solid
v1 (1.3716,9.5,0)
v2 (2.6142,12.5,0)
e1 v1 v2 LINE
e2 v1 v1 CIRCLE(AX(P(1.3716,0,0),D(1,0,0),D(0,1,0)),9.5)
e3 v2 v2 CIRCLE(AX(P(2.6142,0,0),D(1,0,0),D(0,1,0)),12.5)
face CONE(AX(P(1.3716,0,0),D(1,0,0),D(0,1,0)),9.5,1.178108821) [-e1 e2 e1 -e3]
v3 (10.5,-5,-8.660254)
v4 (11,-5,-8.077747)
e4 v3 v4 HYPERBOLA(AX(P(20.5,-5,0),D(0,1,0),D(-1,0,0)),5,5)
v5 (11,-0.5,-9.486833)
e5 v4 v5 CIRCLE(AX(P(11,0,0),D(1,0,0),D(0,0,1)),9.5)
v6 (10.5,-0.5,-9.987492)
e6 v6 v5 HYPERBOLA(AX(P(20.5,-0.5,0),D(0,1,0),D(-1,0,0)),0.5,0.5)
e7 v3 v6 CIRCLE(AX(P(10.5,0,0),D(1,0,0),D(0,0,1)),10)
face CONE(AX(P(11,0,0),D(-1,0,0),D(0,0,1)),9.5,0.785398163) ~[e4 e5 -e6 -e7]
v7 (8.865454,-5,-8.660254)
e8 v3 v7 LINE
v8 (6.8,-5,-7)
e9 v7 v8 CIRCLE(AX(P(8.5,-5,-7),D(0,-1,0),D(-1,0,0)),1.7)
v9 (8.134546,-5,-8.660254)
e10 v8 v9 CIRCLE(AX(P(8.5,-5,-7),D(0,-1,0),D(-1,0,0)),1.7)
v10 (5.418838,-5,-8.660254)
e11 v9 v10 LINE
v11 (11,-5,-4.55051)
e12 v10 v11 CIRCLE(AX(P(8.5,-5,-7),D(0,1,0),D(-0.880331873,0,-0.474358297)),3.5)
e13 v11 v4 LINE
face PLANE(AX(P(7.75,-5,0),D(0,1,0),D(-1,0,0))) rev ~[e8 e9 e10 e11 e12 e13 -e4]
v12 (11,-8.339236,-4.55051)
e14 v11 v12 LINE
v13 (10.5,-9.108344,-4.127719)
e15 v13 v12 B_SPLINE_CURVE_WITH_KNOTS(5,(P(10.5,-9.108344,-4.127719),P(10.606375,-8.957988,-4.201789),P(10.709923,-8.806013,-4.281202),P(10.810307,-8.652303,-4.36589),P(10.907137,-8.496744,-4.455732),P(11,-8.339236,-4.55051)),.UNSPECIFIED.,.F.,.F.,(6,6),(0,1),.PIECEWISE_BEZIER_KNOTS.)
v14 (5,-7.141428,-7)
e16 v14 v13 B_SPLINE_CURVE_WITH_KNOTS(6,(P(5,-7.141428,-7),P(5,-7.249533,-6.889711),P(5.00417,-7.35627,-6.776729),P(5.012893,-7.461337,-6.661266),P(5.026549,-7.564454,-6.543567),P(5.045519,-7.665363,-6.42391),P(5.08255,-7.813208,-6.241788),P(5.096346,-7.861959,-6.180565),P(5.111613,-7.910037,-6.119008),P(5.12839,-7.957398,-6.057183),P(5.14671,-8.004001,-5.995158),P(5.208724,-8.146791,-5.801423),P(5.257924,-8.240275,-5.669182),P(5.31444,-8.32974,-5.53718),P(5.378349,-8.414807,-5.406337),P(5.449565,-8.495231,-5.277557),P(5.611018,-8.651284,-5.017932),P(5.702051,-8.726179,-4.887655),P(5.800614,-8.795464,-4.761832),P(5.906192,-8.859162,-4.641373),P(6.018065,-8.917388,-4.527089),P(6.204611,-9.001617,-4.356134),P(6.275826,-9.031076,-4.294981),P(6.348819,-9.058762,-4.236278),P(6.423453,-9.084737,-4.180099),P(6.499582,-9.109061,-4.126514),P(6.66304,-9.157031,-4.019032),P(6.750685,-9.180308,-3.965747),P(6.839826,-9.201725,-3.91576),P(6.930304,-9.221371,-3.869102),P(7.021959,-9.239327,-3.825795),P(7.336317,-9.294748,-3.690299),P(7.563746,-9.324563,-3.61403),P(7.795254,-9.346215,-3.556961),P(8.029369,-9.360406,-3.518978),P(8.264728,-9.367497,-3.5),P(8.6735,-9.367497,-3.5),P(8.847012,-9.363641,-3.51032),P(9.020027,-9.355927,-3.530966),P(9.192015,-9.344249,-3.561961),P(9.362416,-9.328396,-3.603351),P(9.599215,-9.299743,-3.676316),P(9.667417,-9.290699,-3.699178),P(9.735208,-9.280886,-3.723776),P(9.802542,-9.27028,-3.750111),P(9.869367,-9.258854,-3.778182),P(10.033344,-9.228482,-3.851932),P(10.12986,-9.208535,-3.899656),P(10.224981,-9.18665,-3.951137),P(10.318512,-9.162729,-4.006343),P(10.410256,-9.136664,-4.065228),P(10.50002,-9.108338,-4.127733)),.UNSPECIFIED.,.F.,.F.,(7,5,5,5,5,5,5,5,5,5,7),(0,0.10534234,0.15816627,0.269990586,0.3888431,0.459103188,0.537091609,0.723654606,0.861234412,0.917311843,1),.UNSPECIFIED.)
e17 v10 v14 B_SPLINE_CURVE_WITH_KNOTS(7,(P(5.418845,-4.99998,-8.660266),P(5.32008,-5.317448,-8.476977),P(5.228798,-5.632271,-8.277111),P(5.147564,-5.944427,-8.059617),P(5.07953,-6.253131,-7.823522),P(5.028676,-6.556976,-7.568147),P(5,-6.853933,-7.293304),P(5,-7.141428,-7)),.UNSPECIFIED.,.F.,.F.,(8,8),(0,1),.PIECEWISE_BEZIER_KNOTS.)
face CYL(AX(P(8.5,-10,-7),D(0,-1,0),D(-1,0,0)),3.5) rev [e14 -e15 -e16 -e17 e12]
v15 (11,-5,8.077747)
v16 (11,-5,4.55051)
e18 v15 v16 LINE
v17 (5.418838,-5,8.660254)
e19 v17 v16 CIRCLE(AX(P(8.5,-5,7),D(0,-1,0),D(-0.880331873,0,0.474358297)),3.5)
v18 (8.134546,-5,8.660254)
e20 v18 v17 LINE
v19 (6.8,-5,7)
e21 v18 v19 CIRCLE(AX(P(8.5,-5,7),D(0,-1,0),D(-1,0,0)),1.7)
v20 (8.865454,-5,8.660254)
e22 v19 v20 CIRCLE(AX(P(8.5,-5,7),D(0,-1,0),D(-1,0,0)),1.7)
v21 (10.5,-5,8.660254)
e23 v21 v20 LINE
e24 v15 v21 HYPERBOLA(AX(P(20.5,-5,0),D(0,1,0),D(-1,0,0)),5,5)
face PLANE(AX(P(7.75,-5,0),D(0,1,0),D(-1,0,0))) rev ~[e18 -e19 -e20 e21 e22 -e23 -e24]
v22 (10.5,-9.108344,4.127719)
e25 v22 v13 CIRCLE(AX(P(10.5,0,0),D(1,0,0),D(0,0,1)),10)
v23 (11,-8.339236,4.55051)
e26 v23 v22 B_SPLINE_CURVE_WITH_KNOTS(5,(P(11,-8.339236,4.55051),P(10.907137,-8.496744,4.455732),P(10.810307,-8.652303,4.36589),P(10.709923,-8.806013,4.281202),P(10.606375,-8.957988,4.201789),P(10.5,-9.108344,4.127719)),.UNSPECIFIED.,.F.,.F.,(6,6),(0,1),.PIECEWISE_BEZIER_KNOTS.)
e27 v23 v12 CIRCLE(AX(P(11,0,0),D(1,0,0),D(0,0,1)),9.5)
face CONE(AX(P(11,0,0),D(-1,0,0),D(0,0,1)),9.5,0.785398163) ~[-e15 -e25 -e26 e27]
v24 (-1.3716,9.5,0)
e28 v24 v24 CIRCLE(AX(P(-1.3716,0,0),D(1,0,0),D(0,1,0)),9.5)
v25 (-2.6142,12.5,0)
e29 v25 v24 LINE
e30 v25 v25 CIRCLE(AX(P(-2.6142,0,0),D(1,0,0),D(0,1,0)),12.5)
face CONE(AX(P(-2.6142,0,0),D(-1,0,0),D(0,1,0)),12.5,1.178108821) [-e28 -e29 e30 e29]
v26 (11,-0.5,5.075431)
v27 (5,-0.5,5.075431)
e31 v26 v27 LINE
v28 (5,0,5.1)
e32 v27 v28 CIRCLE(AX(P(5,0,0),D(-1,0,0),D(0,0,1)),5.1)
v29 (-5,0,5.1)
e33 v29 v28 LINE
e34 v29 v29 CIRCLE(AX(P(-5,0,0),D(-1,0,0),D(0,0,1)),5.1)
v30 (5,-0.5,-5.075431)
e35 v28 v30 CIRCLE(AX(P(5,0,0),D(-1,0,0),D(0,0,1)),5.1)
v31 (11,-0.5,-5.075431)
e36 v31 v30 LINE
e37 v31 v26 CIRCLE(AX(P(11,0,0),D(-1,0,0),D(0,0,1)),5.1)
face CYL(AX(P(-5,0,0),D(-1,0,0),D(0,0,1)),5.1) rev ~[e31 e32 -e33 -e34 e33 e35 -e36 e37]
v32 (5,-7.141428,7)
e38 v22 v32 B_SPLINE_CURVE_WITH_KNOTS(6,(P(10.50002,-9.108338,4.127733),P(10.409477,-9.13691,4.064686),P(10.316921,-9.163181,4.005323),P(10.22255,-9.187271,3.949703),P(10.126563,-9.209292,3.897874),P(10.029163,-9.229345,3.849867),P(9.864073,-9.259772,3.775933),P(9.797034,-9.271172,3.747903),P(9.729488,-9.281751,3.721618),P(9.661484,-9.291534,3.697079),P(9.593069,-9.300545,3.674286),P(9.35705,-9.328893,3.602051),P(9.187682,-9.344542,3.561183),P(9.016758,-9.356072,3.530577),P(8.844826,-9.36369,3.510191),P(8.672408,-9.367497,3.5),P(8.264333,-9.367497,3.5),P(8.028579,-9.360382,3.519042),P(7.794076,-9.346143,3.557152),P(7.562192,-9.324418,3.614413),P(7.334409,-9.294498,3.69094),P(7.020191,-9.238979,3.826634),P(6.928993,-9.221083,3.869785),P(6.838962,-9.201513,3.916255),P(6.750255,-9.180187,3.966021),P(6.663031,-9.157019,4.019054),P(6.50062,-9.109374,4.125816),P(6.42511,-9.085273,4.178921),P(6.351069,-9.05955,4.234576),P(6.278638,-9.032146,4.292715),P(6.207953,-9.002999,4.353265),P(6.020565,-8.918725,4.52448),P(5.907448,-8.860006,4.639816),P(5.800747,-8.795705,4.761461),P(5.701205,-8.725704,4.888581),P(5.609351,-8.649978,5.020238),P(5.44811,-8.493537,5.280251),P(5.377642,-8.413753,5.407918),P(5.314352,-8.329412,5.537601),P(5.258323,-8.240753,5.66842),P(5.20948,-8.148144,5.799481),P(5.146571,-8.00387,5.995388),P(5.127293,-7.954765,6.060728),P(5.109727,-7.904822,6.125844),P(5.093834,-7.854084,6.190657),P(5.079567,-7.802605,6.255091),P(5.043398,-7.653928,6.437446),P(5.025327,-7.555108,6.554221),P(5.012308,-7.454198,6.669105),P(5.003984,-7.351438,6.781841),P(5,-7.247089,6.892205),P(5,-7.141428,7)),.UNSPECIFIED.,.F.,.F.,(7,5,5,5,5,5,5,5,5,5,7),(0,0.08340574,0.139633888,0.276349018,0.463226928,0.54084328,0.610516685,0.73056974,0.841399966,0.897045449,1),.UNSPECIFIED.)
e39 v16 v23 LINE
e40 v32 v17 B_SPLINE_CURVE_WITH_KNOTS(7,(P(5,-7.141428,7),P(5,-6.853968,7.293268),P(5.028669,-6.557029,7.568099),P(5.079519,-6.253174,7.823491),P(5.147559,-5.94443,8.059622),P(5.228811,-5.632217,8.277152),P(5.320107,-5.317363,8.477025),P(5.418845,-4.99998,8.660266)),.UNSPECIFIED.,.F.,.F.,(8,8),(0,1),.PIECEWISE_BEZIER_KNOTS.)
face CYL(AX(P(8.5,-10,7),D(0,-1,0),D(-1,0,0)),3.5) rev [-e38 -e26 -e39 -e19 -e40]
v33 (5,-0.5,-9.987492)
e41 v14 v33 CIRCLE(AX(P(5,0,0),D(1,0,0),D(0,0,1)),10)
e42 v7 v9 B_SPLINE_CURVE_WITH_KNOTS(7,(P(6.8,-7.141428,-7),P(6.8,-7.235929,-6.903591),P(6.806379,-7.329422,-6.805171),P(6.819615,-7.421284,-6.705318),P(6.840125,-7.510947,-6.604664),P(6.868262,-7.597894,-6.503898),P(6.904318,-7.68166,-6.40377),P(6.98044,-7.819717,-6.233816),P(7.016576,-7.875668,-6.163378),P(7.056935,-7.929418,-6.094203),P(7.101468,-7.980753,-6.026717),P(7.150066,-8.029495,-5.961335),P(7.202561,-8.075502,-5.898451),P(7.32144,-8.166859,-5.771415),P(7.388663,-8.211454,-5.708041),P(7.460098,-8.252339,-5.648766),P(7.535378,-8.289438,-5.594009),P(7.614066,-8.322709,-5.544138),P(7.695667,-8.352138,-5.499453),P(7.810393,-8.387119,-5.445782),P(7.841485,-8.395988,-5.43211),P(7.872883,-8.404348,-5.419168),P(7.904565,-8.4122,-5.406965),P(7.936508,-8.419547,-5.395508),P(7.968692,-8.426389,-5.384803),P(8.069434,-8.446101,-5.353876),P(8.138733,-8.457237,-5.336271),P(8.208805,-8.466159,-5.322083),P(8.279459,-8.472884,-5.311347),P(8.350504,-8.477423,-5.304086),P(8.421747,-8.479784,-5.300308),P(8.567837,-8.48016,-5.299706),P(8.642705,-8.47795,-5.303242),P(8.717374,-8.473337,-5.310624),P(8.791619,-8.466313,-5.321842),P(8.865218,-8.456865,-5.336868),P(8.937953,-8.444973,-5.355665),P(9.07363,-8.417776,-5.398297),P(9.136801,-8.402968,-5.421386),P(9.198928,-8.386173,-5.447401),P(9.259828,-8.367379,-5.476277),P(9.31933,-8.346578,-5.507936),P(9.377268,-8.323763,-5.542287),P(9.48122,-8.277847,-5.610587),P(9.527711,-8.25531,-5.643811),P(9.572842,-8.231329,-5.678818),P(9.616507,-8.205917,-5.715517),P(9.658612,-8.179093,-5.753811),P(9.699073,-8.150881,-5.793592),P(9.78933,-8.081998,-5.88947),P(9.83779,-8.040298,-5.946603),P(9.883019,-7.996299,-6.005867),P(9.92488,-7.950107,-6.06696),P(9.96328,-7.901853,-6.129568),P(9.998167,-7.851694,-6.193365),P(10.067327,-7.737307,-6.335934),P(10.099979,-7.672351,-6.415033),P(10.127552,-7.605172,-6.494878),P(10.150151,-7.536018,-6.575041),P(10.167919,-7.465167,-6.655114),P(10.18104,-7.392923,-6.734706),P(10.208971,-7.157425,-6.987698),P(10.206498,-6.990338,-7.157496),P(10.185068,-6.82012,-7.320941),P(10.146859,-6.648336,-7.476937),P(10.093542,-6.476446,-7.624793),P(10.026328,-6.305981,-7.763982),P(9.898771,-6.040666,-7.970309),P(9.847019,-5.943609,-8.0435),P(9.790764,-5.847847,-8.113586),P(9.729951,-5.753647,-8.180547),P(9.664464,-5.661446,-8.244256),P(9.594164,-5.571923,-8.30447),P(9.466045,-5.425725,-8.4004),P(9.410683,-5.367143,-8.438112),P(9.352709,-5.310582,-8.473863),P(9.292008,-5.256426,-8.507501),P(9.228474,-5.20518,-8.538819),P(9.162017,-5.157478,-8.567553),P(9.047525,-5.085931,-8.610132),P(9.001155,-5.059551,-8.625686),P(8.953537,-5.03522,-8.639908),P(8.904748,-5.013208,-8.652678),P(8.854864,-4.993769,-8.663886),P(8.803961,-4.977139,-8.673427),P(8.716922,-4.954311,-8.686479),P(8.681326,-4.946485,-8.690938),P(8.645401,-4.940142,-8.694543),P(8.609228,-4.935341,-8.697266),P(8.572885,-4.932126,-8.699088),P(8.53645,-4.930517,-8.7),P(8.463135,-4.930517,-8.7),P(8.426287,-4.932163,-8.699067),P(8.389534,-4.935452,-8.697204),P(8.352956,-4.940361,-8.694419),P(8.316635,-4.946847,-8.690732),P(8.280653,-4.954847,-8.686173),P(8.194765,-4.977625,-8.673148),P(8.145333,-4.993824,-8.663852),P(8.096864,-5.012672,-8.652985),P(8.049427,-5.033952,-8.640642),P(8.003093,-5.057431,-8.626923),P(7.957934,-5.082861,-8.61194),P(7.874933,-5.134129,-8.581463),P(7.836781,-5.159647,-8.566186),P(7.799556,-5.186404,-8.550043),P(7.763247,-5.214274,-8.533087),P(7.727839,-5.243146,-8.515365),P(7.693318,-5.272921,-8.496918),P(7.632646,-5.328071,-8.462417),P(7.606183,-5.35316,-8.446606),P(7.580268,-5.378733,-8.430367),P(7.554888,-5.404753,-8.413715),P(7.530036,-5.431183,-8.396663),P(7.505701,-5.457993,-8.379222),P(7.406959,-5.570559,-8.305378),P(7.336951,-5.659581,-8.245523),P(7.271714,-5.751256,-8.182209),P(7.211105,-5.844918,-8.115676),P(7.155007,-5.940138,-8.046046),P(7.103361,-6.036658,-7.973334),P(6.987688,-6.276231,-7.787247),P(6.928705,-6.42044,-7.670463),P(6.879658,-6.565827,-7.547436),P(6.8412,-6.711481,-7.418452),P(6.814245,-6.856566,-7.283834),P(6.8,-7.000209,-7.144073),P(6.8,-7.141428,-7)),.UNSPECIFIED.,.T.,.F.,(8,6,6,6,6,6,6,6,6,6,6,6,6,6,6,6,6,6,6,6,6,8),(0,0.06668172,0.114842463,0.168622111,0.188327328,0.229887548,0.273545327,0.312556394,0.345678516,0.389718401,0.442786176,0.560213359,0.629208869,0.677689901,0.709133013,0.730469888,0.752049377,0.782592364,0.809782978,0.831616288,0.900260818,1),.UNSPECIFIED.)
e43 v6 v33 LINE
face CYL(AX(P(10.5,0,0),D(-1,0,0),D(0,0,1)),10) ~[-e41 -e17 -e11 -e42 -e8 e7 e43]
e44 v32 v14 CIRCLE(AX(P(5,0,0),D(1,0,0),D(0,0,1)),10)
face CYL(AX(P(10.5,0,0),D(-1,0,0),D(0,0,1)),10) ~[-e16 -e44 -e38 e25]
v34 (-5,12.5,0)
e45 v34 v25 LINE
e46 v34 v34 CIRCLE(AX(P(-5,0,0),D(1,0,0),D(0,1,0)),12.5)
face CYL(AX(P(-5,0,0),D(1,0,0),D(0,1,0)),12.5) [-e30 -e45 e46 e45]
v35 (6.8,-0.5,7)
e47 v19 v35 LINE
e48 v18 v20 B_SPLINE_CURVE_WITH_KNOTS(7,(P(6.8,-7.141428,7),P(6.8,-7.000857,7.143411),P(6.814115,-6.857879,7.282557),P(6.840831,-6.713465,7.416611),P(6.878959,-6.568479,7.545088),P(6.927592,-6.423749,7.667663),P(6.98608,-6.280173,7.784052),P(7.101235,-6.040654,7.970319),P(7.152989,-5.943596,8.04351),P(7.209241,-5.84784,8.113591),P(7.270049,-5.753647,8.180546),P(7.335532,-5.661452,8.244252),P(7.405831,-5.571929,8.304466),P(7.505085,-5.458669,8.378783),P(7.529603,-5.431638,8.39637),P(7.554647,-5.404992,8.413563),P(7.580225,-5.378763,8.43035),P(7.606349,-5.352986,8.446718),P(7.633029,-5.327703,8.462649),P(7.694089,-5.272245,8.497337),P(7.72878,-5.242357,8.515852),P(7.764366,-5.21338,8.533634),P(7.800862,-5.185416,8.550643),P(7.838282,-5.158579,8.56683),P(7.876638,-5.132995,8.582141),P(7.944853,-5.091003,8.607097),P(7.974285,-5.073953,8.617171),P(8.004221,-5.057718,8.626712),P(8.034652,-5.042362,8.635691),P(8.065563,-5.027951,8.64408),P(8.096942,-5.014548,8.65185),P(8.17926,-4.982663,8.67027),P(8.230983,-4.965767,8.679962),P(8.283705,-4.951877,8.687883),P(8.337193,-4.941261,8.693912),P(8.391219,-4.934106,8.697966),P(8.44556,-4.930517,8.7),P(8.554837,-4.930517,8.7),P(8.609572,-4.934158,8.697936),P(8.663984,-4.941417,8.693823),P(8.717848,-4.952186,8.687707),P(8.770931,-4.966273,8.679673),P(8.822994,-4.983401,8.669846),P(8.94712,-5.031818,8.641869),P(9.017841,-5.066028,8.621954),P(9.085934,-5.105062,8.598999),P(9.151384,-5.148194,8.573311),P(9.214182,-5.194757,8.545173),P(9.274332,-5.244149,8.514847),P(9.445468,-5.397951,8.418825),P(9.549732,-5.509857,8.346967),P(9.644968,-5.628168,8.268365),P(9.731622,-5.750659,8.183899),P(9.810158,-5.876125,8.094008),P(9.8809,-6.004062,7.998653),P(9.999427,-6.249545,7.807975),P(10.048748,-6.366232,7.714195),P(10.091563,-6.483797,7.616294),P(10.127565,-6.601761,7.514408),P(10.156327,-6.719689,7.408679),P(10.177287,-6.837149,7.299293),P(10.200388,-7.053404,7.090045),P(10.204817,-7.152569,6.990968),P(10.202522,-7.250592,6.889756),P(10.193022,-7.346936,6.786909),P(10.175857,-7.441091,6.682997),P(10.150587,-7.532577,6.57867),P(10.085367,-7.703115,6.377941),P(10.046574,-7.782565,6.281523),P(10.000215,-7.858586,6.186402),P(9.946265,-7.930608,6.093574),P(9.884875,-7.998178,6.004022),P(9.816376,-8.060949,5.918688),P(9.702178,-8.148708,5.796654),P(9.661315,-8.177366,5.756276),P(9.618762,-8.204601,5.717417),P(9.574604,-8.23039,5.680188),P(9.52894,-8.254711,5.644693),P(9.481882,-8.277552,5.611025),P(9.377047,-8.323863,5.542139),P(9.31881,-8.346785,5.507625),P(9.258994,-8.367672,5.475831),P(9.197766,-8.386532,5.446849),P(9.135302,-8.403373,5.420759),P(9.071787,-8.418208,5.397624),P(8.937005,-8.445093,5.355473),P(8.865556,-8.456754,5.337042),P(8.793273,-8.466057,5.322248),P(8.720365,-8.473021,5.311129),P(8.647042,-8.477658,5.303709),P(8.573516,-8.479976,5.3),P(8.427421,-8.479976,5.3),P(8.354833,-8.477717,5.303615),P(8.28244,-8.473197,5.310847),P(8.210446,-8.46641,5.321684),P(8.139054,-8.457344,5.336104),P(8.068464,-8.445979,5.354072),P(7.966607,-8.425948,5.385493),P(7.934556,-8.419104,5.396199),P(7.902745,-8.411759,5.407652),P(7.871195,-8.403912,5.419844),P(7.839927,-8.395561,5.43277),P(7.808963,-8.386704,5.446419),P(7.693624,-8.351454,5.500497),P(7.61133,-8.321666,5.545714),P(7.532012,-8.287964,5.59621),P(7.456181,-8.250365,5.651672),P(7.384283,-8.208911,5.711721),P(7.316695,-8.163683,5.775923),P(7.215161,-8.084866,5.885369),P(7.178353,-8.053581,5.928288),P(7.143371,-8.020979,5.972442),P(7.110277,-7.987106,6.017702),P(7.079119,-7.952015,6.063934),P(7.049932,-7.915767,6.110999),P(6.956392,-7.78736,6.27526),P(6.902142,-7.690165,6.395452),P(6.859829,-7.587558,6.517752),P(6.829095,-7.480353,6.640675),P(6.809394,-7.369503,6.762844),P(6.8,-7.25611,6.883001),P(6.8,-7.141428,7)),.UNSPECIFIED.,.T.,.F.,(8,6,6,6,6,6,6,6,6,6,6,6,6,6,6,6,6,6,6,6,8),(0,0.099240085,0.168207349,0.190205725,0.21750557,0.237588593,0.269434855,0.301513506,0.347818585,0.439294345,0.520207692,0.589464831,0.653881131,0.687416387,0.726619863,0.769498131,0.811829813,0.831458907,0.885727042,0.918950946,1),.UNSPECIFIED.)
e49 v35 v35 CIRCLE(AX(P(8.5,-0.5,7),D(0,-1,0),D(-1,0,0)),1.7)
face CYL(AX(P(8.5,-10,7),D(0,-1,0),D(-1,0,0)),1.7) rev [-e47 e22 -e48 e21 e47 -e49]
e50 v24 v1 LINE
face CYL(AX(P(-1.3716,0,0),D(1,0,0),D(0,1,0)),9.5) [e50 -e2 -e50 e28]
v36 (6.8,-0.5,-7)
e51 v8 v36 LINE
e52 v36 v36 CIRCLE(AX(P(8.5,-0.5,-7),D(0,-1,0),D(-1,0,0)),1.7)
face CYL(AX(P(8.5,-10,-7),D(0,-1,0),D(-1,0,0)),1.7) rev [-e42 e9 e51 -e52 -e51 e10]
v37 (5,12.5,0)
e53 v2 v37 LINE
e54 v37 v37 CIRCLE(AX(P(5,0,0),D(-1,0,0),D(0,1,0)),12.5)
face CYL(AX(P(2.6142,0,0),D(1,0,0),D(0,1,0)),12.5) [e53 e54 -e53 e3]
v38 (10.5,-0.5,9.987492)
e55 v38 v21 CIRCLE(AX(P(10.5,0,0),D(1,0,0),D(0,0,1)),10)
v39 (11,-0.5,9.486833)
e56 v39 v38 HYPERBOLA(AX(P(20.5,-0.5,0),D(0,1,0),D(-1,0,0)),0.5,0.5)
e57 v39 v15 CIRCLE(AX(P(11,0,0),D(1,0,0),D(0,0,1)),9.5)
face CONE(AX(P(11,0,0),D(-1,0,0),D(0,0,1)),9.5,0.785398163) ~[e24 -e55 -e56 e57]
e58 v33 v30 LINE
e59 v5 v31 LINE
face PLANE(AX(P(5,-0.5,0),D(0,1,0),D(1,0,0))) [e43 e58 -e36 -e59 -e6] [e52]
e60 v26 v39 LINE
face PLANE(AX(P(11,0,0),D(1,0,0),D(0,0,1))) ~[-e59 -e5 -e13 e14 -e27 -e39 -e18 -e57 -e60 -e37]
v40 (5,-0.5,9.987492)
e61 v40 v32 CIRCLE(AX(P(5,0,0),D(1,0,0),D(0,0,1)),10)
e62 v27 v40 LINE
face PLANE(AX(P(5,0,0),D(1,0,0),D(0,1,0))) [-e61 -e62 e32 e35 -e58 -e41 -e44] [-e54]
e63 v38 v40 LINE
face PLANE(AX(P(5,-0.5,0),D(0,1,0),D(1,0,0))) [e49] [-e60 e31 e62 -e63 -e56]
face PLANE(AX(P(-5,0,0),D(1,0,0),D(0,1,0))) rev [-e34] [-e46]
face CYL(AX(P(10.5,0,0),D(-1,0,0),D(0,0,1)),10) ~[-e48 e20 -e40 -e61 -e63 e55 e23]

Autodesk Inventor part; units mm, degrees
sketch "Sketch_1" plane through (0, 0, 0) normal (0, 0, 1) x (1, 0, 0)
  line L0 (5, 0) -> (-5, 0)
  line L1 (-5, 0) -> (-5, 12.5)
  line L2 (-5, 12.5) -> (-2.6142, 12.5)
  line L3 (-2.6142, 12.5) -> (-1.3716, 9.5)
  line L4 (-1.3716, 9.5) -> (1.3716, 9.5)
  line L5 (1.3716, 9.5) -> (2.6142, 12.5)
  line L6 (2.6142, 12.5) -> (5, 12.5)
  line L7 (5, 12.5) -> (5, 0)
  line L8 (5, 0) -> (-5, 0)
revolve "Revolution1" add sketch "Sketch_1" angle 360 about axis through (5, 0, 0) along (1, 0, 0)
sketch "Sketch_2" plane through (0, 0, 0) normal (0, 0, 1) x (1, 0, 0)
  line L0 (5, 0) -> (11, 0)
  line L1 (11, 0) -> (11, -9.5)
  line L2 (11, -9.5) -> (10.5, -10)
  line L3 (10.5, -10) -> (5, -10)
  line L4 (5, -10) -> (5, 0)
  line L5 (5, 0) -> (11, 0)
revolve "Revolution2" add sketch "Sketch_2" angle 180 mid plane about axis through (5, 0, 0) along (1, 0, 0)
sketch "Sketch_3" plane through (0, 0, 0) normal (0, 0, 1) x (1, 0, 0)
  line L0 (5, -0.5) -> (11, -0.5)
  line L1 (11, -0.5) -> (11, 0)
  line L2 (11, 0) -> (5, 0)
  line L3 (5, 0) -> (5, -0.5)
extrude "Extrusion1" cut sketch "Sketch_3" along normal mid plane 40
sketch "Sketch_9" plane through (8.5, 0, 0) normal (1, 0, 0) x (0, 0, -1)
  line L0 (7, -10) -> (7, -0.5)
  line L1 (7, -0.5) -> (8.5, -0.5)
  line L2 (8.5, -0.5) -> (8.2295, -0.7705)
  line L3 (8.2295, -0.7705) -> (8.2295, -9.7295)
  line L4 (8.2295, -9.7295) -> (8.5, -10)
  line L5 (8.5, -10) -> (7, -10)
  line L6 (7, -10) -> (7, -0.5)
revolve "Revolution4" cut sketch "Sketch_9" angle 360 about axis through (8.5, -10, -7) along (0, -1, 0)
sketch "Sketch_6" plane through (8.5, 0, 0) normal (1, 0, 0) x (0, 0, -1)
  line L0 (-7, -10) -> (-7, -0.5)
  line L1 (-7, -0.5) -> (-5.5, -0.5)
  line L2 (-5.5, -0.5) -> (-5.7705, -0.7705)
  line L3 (-5.7705, -0.7705) -> (-5.7705, -9.7295)
  line L4 (-5.7705, -9.7295) -> (-5.5, -10)
  line L5 (-5.5, -10) -> (-7, -10)
  line L6 (-7, -10) -> (-7, -0.5)
revolve "Revolution5" cut sketch "Sketch_6" angle 360 about axis through (8.5, -10, 7) along (0, -1, 0)
ref_plane "part1_to_part2_XY" through (5, 0, 0) normal (1, 0, 0) x (0, 0, -1)
ref_plane "part1_to_part2_YZ" through (5, 0, 0) normal (0, 0, -1) x (0, 1, 0)
ref_plane "part1_to_part2_ZX" through (5, 0, 0) normal (0, 1, 0) x (1, 0, 0)
sketch "スケッチ7" plane through (-5, 0, 0) normal (-1, 0, 0) x (0, 0, 1)
  circle A0 centre (0, 0) radius 5.1
  dimension "d12" = 10.2
extrude "押し出し2" cut sketch "スケッチ7" against normal through all
ref_plane "作業平面4" through (7.75, -10, 0) normal (0, 1, 0) x (-1, 0, 0)
sketch "スケッチ8" plane through (7.75, -10, 0) normal (0, 1, 0) x (-1, 0, 0)
  circle A0 centre (-0.75, 7) radius 1.2295 projected
  circle A1 centre (-0.75, 7) radius 1.7
  circle A2 centre (-0.75, -7) radius 1.5 projected
  circle A3 centre (-0.75, -7) radius 1.7
  circle A4 centre (-0.75, 7) radius 3.5
  circle A5 centre (-0.75, -7) radius 3.5
  point P0 (7.75, 0)
  dimension "d15" = 3.4
  dimension "d16" = 3.4
  dimension "d17" = 7
  dimension "d18" = 7
extrude "押し出し3" cut sketch "スケッチ8" along normal through all contours A0 | A1 | A2 | A3
extrude "押し出し4" cut sketch "スケッチ8" along normal blind 5 contours A0 | A1 | A2 | A3 | A4 | A5
properties part number "MBRDAC23-2-8_p1"
